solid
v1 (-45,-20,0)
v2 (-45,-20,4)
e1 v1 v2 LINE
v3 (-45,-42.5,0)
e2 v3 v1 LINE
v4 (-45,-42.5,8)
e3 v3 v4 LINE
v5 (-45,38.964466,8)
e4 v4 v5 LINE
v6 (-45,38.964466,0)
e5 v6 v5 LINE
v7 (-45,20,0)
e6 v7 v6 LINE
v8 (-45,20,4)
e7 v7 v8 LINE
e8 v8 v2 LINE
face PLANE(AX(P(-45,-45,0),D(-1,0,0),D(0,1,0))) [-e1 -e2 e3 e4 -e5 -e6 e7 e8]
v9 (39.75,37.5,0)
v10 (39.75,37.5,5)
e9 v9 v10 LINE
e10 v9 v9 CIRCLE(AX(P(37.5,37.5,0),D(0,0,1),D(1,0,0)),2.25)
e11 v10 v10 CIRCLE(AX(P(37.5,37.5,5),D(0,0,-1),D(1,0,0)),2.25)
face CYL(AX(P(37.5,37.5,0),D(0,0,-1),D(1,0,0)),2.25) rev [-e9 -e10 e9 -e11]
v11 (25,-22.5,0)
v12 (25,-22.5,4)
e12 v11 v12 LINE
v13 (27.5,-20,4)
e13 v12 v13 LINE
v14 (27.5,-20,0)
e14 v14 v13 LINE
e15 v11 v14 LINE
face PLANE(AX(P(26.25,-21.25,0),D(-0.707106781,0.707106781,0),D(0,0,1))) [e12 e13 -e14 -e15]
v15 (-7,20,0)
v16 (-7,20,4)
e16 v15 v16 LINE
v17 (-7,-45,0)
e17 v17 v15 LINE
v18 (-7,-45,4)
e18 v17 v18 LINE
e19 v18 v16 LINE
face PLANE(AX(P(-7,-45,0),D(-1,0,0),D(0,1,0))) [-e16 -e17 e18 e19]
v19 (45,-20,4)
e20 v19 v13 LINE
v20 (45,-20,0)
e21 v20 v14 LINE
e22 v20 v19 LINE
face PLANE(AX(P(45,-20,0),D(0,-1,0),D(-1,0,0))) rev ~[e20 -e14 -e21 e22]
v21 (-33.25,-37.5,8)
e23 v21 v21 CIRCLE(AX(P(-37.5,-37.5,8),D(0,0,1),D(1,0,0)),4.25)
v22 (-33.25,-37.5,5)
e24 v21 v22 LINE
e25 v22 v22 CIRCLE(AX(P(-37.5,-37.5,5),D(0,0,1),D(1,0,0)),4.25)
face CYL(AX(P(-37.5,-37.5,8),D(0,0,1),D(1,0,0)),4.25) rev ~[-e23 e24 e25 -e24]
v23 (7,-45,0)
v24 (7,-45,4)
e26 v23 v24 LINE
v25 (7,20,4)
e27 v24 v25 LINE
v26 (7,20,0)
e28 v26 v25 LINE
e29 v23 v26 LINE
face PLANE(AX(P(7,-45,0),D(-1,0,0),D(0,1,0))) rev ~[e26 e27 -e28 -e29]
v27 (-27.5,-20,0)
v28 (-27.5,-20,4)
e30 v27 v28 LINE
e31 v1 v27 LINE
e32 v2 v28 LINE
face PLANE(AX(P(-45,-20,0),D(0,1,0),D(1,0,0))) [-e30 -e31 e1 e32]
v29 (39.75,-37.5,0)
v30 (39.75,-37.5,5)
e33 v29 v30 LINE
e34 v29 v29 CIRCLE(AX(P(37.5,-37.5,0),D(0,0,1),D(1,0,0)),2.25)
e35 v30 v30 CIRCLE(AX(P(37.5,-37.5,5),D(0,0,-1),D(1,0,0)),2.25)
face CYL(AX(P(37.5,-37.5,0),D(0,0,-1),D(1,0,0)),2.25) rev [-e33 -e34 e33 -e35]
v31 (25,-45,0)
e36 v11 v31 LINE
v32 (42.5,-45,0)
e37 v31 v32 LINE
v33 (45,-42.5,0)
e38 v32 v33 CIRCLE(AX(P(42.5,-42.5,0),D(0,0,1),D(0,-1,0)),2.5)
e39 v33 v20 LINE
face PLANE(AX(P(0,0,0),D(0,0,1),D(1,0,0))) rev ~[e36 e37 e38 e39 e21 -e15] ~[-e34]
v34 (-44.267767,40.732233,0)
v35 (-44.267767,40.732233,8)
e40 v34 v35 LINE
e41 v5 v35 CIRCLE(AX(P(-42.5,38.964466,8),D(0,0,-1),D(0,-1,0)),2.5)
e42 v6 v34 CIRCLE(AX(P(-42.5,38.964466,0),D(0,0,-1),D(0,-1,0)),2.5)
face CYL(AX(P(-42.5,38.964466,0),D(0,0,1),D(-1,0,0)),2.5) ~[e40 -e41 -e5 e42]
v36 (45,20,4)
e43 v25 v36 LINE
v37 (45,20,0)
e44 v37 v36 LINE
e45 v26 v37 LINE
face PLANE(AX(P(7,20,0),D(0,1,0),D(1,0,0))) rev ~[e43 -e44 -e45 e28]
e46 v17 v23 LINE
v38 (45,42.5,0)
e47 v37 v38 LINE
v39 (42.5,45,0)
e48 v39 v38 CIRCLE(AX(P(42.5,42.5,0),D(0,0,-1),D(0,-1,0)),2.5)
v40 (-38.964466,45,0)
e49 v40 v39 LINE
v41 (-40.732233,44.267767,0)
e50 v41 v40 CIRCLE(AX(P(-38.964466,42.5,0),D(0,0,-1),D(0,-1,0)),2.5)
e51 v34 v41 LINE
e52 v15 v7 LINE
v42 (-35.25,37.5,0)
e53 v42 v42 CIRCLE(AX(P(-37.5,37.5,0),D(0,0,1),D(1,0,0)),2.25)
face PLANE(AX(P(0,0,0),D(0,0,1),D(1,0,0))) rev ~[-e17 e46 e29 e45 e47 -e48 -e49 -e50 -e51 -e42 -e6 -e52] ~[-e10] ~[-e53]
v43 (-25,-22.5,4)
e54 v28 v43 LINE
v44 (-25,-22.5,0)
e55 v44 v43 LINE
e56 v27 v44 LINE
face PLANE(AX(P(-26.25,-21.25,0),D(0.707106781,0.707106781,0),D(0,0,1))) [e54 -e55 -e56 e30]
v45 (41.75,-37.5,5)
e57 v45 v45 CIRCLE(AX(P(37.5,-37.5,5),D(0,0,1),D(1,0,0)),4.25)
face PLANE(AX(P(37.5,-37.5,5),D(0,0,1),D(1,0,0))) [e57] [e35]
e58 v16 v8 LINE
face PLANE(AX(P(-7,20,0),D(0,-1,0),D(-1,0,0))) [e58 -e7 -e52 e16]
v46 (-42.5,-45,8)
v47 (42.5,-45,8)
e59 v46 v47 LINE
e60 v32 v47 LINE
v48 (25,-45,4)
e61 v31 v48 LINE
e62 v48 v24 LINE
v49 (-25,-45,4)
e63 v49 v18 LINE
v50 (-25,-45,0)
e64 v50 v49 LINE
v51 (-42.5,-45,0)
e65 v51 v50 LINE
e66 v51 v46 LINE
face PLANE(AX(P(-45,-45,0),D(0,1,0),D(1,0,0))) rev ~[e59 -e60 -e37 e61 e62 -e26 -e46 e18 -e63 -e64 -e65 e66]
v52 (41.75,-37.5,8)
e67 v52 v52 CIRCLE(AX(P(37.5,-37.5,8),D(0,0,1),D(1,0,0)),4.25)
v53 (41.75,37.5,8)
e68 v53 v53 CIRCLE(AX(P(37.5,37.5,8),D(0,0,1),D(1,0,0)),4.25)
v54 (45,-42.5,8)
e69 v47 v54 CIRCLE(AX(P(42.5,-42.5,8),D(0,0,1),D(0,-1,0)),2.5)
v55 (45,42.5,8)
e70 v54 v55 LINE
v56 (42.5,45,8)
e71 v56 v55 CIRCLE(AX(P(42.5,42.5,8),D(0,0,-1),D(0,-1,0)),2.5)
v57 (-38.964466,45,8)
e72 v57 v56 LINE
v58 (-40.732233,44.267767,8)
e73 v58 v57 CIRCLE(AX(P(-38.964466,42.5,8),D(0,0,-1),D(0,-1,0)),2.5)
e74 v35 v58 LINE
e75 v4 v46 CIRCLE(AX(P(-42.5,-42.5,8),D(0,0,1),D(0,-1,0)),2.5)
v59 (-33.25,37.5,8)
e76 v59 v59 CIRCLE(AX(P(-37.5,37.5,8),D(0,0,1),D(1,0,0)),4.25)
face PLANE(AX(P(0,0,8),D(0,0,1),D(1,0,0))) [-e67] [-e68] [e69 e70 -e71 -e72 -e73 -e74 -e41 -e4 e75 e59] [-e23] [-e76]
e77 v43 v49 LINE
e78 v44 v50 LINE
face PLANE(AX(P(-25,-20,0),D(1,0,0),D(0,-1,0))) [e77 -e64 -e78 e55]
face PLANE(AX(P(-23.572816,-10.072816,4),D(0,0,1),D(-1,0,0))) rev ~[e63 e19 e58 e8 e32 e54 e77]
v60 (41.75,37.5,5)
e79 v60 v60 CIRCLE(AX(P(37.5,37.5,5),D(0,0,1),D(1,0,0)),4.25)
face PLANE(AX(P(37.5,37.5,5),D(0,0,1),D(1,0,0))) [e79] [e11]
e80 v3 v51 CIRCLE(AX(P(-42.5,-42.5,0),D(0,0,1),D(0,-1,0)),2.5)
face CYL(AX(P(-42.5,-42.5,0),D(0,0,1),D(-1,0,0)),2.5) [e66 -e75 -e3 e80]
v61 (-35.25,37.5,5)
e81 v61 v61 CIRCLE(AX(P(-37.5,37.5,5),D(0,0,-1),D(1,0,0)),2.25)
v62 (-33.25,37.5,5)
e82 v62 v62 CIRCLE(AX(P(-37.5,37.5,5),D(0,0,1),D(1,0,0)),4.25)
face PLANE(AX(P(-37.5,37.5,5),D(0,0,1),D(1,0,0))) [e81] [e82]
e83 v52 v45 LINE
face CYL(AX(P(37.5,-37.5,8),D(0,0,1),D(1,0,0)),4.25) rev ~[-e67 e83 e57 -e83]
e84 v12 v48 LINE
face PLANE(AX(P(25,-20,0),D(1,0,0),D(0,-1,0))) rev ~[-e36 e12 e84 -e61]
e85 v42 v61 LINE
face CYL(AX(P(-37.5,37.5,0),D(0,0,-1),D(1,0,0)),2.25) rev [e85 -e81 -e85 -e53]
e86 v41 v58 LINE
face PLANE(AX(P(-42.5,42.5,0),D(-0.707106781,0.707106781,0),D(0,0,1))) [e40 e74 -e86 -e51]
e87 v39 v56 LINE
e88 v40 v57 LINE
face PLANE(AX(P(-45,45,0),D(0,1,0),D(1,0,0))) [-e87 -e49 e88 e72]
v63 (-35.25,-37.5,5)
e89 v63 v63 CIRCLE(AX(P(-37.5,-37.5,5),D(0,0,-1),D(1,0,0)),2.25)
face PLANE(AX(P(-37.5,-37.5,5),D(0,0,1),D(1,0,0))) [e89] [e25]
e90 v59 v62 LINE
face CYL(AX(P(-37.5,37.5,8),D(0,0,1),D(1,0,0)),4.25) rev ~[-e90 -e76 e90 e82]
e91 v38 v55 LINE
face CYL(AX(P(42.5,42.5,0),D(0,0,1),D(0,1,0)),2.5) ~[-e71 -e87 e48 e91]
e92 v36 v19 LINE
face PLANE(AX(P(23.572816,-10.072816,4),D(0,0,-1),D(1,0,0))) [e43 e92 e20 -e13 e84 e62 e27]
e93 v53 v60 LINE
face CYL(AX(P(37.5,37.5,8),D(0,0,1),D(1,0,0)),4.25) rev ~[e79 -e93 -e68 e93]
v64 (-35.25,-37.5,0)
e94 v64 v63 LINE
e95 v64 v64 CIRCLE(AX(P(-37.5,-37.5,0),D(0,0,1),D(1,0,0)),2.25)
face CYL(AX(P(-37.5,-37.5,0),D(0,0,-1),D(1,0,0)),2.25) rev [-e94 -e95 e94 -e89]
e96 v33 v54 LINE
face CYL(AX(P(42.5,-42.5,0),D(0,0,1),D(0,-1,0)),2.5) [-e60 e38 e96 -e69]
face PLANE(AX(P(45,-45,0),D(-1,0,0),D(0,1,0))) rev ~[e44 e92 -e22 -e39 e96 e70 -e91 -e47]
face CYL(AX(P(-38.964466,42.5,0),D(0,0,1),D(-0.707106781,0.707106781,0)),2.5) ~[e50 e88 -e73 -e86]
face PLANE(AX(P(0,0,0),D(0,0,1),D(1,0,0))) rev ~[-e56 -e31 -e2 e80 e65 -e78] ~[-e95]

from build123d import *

# Parameters (mm, degrees)
SKETCH_W        = 90
SKETCH_H        = 90
SKETCH_R        = 2.25
PAD_DEPTH       = 8
SKETCH001_R     = 4.25
POCKET_DEPTH    = 3
CHAMFER_SIZE    = 5
POCKET001_DEPTH = 4
FILLET_R        = 2.5
CHAMFER001_SIZE = 2.5


with BuildPart() as part:
    # Sketch → Pad (new body)
    with BuildSketch(Plane.XY):
        Rectangle(SKETCH_W, SKETCH_H)
        with Locations((-37.5, 37.5)):
            Circle(SKETCH_R, mode=Mode.SUBTRACT)
        with Locations((37.5, 37.5)):
            Circle(SKETCH_R, mode=Mode.SUBTRACT)
        with Locations((-37.5, -37.5)):
            Circle(SKETCH_R, mode=Mode.SUBTRACT)
        with Locations((37.5, -37.5)):
            Circle(SKETCH_R, mode=Mode.SUBTRACT)
    extrude(amount=PAD_DEPTH)

    # Sketch001 (on Face10 of Pad) → Pocket (cut)
    with BuildSketch(Plane.XY.offset(8)):
        with Locations((-37.5, 37.5)):
            Circle(SKETCH001_R)
        with Locations((37.5, 37.5)):
            Circle(SKETCH001_R)
        with Locations((-37.5, -37.5)):
            Circle(SKETCH001_R)
        with Locations((37.5, -37.5)):
            Circle(SKETCH001_R)
    extrude(amount=-POCKET_DEPTH, mode=Mode.SUBTRACT)

    # Chamfer
    chamfer_edges = [part.edges().sort_by_distance(p)[0] for p in [
        (-45, 45, 4),
    ]]
    chamfer(chamfer_edges, length=CHAMFER_SIZE)

    # Sketch002 (on Face2 of Chamfer) → Pocket001 (cut)
    with BuildSketch(Plane(origin=(0, 0, 0), x_dir=(1, 0, 0), z_dir=(0, 0, -1))):
        Polygon((-45, 20), (-25, 20), (-25, 45), (-7, 45), (-7, -20), (-45, -20), align=None)
        Polygon((45, 20), (25, 20), (25, 45), (7, 45), (7, -20), (45, -20), align=None)
    extrude(amount=-POCKET001_DEPTH, mode=Mode.SUBTRACT)

    # Fillet
    fillet_edges = [part.edges().sort_by_distance(p)[0] for p in [
        (45, -45, 4),
        (45, 45, 4),
        (-45, -45, 4),
        (-40, 45, 4),
        (-45, 40, 4),
    ]]
    fillet(fillet_edges, radius=FILLET_R)

    # Chamfer001
    chamfer001_edges = [part.edges().sort_by_distance(p)[0] for p in [
        (25, -20, 2),
        (-25, -20, 2),
    ]]
    chamfer(chamfer001_edges, length=CHAMFER001_SIZE)


solid = part.part
